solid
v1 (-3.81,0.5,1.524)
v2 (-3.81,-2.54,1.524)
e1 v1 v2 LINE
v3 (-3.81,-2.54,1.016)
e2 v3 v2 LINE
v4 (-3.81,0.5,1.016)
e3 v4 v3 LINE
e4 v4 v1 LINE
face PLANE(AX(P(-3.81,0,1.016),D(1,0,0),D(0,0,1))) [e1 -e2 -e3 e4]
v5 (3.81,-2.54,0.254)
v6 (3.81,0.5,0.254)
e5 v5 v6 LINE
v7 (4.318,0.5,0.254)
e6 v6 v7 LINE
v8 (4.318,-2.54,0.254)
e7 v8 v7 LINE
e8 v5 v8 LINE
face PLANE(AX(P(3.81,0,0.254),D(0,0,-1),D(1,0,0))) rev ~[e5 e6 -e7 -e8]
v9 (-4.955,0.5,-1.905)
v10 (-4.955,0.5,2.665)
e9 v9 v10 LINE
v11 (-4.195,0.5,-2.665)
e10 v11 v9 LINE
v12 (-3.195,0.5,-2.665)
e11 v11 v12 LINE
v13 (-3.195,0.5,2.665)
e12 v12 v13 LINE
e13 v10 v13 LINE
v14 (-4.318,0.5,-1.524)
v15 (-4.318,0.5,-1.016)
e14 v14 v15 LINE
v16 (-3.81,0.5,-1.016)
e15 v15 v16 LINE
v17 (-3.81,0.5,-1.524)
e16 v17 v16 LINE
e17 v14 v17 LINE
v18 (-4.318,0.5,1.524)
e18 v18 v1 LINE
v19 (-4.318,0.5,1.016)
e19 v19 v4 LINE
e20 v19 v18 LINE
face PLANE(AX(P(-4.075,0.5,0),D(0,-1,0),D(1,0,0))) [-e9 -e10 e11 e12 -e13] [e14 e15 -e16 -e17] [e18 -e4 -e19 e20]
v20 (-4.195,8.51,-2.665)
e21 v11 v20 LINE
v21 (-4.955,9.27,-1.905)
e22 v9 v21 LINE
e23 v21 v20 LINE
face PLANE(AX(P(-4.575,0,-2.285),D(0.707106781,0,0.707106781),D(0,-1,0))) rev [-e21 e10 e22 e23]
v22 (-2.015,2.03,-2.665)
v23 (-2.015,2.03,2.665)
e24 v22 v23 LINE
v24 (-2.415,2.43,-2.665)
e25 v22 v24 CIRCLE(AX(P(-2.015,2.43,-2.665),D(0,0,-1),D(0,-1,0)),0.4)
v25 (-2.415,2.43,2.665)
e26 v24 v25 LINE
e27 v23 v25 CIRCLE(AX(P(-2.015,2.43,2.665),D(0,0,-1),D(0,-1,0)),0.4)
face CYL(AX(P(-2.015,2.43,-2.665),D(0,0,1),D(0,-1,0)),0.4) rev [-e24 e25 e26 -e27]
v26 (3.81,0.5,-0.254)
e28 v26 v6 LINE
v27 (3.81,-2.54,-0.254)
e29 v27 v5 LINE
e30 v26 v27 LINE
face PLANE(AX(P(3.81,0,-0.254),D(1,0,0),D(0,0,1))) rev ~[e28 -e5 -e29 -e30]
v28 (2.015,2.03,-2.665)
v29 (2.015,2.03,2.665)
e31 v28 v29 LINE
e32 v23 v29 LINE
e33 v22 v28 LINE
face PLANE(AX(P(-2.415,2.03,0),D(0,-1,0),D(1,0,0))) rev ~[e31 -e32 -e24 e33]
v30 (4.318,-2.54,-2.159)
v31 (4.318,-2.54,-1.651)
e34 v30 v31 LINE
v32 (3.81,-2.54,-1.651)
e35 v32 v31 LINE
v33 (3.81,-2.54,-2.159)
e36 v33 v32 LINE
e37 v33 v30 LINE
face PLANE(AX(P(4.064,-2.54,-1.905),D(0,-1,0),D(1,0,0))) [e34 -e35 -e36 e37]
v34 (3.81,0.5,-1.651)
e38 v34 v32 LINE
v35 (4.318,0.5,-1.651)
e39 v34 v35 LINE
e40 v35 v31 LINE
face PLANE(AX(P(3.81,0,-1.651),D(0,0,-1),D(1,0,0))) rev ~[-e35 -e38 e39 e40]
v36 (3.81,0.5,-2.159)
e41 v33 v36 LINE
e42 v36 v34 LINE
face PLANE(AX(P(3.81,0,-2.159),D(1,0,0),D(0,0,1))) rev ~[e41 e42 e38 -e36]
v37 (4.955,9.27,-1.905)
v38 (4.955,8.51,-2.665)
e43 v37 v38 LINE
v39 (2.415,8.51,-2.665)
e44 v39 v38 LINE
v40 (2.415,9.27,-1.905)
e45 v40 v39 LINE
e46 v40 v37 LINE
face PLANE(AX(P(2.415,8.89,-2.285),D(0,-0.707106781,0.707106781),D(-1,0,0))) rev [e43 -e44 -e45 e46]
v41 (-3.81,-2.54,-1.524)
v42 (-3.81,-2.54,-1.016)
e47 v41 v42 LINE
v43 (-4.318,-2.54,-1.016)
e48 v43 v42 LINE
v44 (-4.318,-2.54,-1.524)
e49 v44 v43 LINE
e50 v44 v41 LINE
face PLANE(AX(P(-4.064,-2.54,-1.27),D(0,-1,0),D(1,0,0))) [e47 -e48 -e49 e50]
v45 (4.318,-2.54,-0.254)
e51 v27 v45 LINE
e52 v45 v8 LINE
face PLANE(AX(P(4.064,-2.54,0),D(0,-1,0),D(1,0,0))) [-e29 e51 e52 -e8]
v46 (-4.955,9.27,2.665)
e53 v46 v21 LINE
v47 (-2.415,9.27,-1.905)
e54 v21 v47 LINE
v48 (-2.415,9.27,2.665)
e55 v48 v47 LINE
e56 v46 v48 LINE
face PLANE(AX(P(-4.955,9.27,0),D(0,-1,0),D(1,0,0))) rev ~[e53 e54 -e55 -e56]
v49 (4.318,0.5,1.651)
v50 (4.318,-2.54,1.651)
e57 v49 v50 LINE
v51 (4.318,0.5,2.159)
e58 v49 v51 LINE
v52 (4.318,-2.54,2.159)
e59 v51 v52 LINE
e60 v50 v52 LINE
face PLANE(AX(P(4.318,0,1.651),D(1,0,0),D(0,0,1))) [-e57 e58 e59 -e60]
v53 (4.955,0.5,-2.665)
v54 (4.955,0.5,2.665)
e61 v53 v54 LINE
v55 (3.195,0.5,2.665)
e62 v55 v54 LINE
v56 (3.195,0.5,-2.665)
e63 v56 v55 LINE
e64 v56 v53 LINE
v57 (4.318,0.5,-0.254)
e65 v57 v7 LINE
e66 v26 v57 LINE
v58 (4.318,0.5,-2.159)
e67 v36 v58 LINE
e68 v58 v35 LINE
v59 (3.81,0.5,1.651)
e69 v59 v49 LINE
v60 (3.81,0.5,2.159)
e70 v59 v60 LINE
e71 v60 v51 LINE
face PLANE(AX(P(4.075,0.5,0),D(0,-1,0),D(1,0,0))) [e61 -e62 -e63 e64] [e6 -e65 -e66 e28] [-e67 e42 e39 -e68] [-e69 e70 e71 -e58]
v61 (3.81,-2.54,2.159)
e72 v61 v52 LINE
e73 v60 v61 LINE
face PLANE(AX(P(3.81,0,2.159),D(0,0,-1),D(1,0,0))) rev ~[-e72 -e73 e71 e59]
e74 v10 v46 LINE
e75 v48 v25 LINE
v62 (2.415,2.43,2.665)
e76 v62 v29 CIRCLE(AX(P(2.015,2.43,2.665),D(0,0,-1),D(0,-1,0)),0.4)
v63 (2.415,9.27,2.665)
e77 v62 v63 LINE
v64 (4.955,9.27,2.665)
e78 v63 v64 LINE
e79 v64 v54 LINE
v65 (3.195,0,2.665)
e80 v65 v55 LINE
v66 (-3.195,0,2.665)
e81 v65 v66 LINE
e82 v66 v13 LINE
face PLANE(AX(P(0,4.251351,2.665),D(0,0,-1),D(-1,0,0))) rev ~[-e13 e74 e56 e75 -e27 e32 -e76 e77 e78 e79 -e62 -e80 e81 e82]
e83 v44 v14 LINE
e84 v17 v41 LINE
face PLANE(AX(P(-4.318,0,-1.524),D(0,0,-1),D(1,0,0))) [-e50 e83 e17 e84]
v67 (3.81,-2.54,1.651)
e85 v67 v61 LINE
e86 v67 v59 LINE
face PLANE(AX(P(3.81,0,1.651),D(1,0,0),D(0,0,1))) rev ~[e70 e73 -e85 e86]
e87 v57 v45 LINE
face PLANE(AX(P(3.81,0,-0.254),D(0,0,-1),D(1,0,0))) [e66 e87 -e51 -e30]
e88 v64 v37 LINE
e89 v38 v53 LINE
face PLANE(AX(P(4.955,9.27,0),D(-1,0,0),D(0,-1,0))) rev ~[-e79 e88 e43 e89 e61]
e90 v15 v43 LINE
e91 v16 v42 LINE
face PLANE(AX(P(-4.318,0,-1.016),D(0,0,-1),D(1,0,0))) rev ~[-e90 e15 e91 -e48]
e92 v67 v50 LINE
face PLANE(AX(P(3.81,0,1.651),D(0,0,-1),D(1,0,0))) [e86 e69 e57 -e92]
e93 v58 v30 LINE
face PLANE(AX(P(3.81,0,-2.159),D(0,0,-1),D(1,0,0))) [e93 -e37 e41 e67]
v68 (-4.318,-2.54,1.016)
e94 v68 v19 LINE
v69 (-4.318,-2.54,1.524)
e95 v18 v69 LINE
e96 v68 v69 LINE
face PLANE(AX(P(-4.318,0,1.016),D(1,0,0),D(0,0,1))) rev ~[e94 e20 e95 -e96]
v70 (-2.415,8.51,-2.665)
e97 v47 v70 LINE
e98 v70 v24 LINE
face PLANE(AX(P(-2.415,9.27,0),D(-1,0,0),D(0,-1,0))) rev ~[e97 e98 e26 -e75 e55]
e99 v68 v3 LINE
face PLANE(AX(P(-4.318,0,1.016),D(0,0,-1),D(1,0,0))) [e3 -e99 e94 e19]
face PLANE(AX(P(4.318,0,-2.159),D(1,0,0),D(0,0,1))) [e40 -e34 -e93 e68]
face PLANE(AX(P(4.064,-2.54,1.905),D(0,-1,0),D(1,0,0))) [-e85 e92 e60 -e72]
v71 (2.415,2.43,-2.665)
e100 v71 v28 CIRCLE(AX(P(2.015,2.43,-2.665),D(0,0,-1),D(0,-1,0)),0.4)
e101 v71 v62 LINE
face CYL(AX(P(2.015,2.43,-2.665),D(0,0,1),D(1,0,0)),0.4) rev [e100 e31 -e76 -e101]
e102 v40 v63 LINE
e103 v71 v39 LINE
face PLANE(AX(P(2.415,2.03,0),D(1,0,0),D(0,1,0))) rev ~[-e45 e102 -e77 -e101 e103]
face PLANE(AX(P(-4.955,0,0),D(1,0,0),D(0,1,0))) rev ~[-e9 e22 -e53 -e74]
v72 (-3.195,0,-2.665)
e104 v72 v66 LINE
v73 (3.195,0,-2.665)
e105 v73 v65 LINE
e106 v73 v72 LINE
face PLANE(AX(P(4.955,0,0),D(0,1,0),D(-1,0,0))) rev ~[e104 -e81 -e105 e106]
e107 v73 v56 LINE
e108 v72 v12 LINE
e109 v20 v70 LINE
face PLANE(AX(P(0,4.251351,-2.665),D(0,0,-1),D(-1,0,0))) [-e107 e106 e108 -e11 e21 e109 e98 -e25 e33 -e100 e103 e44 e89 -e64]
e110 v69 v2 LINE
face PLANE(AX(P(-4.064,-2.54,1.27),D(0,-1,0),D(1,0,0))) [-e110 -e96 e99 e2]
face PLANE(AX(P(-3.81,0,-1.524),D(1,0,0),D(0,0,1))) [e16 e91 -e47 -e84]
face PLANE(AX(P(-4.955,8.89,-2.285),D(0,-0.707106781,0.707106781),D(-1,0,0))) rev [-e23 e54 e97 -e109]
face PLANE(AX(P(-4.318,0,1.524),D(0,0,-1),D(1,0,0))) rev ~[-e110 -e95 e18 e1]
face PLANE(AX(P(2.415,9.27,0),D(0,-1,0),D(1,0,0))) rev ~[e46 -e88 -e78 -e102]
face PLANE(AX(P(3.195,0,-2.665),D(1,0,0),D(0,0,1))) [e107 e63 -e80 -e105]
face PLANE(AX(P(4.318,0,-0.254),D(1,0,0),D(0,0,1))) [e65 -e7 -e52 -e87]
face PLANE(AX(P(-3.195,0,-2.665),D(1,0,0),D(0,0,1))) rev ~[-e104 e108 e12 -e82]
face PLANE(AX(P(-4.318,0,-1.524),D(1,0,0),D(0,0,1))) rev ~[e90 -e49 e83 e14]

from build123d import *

# Parameters (mm, degrees)
BOSS_EXTRUDE1_DEPTH      = 2.665
CHAMFER1_SIZE            = 0.76
SKETCH2_W                = 1.76
SKETCH2_H                = 5.33
CUT_EXTRUDE1_DEPTH       = 0.5
FILLET1_R                = 0.4
SKETCH3_W                = 0.508
SKETCH3_H                = 0.508
BOSS_EXTRUDE2_DEPTH      = 2.54
BOSS_EXTRUDE2_DEPTH_BACK = 0.5


with BuildPart() as part:
    # Sketch1 → Boss-Extrude1 (new body, symmetric)
    with BuildSketch(Plane.XY):
        Polygon((2.415, 9.27), (4.955, 9.27), (4.955, 0), (-4.955, 0), (-4.955, 9.27), (-2.415, 9.27), (-2.415, 2.03), (2.415, 2.03), align=None)
    extrude(amount=BOSS_EXTRUDE1_DEPTH, both=True)

    # Chamfer1
    chamfer1_edges = [part.edges().sort_by_distance(p)[0] for p in [
        (-4.955, 4.635, -2.665),
        (-3.685, 9.27, -2.665),
        (3.685, 9.27, -2.665),
    ]]
    chamfer(chamfer1_edges, length=CHAMFER1_SIZE)

    # Sketch2 → Cut-Extrude1 (cut)
    with BuildSketch(Plane.XZ):
        with Locations((-4.075, 0)):
            Rectangle(SKETCH2_W, SKETCH2_H)
        with Locations((4.075, 0)):
            Rectangle(SKETCH2_W, SKETCH2_H)
    extrude(amount=-CUT_EXTRUDE1_DEPTH, mode=Mode.SUBTRACT)

    # Fillet1
    fillet1_edges = [part.edges().sort_by_distance(p)[0] for p in [
        (-2.415, 2.03, 0),
        (2.415, 2.03, 0),
    ]]
    fillet(fillet1_edges, radius=FILLET1_R)

    # Sketch3 → Boss-Extrude2 (add, two sides)
    with BuildSketch(Plane.XZ) as boss_extrude2_sk:
        with Locations((4.064, 0)):
            Rectangle(SKETCH3_W, SKETCH3_H)
        with Locations((-4.064, 1.27)):
            Rectangle(SKETCH3_W, SKETCH3_H)
        with Locations((-4.064, -1.27)):
            Rectangle(SKETCH3_W, SKETCH3_H)
        with Locations((4.064, 1.905)):
            Rectangle(SKETCH3_W, SKETCH3_H)
        with Locations((4.064, -1.905)):
            Rectangle(SKETCH3_W, SKETCH3_H)
    extrude(amount=BOSS_EXTRUDE2_DEPTH)
    extrude(boss_extrude2_sk.sketch, amount=-BOSS_EXTRUDE2_DEPTH_BACK)


solid = part.part
